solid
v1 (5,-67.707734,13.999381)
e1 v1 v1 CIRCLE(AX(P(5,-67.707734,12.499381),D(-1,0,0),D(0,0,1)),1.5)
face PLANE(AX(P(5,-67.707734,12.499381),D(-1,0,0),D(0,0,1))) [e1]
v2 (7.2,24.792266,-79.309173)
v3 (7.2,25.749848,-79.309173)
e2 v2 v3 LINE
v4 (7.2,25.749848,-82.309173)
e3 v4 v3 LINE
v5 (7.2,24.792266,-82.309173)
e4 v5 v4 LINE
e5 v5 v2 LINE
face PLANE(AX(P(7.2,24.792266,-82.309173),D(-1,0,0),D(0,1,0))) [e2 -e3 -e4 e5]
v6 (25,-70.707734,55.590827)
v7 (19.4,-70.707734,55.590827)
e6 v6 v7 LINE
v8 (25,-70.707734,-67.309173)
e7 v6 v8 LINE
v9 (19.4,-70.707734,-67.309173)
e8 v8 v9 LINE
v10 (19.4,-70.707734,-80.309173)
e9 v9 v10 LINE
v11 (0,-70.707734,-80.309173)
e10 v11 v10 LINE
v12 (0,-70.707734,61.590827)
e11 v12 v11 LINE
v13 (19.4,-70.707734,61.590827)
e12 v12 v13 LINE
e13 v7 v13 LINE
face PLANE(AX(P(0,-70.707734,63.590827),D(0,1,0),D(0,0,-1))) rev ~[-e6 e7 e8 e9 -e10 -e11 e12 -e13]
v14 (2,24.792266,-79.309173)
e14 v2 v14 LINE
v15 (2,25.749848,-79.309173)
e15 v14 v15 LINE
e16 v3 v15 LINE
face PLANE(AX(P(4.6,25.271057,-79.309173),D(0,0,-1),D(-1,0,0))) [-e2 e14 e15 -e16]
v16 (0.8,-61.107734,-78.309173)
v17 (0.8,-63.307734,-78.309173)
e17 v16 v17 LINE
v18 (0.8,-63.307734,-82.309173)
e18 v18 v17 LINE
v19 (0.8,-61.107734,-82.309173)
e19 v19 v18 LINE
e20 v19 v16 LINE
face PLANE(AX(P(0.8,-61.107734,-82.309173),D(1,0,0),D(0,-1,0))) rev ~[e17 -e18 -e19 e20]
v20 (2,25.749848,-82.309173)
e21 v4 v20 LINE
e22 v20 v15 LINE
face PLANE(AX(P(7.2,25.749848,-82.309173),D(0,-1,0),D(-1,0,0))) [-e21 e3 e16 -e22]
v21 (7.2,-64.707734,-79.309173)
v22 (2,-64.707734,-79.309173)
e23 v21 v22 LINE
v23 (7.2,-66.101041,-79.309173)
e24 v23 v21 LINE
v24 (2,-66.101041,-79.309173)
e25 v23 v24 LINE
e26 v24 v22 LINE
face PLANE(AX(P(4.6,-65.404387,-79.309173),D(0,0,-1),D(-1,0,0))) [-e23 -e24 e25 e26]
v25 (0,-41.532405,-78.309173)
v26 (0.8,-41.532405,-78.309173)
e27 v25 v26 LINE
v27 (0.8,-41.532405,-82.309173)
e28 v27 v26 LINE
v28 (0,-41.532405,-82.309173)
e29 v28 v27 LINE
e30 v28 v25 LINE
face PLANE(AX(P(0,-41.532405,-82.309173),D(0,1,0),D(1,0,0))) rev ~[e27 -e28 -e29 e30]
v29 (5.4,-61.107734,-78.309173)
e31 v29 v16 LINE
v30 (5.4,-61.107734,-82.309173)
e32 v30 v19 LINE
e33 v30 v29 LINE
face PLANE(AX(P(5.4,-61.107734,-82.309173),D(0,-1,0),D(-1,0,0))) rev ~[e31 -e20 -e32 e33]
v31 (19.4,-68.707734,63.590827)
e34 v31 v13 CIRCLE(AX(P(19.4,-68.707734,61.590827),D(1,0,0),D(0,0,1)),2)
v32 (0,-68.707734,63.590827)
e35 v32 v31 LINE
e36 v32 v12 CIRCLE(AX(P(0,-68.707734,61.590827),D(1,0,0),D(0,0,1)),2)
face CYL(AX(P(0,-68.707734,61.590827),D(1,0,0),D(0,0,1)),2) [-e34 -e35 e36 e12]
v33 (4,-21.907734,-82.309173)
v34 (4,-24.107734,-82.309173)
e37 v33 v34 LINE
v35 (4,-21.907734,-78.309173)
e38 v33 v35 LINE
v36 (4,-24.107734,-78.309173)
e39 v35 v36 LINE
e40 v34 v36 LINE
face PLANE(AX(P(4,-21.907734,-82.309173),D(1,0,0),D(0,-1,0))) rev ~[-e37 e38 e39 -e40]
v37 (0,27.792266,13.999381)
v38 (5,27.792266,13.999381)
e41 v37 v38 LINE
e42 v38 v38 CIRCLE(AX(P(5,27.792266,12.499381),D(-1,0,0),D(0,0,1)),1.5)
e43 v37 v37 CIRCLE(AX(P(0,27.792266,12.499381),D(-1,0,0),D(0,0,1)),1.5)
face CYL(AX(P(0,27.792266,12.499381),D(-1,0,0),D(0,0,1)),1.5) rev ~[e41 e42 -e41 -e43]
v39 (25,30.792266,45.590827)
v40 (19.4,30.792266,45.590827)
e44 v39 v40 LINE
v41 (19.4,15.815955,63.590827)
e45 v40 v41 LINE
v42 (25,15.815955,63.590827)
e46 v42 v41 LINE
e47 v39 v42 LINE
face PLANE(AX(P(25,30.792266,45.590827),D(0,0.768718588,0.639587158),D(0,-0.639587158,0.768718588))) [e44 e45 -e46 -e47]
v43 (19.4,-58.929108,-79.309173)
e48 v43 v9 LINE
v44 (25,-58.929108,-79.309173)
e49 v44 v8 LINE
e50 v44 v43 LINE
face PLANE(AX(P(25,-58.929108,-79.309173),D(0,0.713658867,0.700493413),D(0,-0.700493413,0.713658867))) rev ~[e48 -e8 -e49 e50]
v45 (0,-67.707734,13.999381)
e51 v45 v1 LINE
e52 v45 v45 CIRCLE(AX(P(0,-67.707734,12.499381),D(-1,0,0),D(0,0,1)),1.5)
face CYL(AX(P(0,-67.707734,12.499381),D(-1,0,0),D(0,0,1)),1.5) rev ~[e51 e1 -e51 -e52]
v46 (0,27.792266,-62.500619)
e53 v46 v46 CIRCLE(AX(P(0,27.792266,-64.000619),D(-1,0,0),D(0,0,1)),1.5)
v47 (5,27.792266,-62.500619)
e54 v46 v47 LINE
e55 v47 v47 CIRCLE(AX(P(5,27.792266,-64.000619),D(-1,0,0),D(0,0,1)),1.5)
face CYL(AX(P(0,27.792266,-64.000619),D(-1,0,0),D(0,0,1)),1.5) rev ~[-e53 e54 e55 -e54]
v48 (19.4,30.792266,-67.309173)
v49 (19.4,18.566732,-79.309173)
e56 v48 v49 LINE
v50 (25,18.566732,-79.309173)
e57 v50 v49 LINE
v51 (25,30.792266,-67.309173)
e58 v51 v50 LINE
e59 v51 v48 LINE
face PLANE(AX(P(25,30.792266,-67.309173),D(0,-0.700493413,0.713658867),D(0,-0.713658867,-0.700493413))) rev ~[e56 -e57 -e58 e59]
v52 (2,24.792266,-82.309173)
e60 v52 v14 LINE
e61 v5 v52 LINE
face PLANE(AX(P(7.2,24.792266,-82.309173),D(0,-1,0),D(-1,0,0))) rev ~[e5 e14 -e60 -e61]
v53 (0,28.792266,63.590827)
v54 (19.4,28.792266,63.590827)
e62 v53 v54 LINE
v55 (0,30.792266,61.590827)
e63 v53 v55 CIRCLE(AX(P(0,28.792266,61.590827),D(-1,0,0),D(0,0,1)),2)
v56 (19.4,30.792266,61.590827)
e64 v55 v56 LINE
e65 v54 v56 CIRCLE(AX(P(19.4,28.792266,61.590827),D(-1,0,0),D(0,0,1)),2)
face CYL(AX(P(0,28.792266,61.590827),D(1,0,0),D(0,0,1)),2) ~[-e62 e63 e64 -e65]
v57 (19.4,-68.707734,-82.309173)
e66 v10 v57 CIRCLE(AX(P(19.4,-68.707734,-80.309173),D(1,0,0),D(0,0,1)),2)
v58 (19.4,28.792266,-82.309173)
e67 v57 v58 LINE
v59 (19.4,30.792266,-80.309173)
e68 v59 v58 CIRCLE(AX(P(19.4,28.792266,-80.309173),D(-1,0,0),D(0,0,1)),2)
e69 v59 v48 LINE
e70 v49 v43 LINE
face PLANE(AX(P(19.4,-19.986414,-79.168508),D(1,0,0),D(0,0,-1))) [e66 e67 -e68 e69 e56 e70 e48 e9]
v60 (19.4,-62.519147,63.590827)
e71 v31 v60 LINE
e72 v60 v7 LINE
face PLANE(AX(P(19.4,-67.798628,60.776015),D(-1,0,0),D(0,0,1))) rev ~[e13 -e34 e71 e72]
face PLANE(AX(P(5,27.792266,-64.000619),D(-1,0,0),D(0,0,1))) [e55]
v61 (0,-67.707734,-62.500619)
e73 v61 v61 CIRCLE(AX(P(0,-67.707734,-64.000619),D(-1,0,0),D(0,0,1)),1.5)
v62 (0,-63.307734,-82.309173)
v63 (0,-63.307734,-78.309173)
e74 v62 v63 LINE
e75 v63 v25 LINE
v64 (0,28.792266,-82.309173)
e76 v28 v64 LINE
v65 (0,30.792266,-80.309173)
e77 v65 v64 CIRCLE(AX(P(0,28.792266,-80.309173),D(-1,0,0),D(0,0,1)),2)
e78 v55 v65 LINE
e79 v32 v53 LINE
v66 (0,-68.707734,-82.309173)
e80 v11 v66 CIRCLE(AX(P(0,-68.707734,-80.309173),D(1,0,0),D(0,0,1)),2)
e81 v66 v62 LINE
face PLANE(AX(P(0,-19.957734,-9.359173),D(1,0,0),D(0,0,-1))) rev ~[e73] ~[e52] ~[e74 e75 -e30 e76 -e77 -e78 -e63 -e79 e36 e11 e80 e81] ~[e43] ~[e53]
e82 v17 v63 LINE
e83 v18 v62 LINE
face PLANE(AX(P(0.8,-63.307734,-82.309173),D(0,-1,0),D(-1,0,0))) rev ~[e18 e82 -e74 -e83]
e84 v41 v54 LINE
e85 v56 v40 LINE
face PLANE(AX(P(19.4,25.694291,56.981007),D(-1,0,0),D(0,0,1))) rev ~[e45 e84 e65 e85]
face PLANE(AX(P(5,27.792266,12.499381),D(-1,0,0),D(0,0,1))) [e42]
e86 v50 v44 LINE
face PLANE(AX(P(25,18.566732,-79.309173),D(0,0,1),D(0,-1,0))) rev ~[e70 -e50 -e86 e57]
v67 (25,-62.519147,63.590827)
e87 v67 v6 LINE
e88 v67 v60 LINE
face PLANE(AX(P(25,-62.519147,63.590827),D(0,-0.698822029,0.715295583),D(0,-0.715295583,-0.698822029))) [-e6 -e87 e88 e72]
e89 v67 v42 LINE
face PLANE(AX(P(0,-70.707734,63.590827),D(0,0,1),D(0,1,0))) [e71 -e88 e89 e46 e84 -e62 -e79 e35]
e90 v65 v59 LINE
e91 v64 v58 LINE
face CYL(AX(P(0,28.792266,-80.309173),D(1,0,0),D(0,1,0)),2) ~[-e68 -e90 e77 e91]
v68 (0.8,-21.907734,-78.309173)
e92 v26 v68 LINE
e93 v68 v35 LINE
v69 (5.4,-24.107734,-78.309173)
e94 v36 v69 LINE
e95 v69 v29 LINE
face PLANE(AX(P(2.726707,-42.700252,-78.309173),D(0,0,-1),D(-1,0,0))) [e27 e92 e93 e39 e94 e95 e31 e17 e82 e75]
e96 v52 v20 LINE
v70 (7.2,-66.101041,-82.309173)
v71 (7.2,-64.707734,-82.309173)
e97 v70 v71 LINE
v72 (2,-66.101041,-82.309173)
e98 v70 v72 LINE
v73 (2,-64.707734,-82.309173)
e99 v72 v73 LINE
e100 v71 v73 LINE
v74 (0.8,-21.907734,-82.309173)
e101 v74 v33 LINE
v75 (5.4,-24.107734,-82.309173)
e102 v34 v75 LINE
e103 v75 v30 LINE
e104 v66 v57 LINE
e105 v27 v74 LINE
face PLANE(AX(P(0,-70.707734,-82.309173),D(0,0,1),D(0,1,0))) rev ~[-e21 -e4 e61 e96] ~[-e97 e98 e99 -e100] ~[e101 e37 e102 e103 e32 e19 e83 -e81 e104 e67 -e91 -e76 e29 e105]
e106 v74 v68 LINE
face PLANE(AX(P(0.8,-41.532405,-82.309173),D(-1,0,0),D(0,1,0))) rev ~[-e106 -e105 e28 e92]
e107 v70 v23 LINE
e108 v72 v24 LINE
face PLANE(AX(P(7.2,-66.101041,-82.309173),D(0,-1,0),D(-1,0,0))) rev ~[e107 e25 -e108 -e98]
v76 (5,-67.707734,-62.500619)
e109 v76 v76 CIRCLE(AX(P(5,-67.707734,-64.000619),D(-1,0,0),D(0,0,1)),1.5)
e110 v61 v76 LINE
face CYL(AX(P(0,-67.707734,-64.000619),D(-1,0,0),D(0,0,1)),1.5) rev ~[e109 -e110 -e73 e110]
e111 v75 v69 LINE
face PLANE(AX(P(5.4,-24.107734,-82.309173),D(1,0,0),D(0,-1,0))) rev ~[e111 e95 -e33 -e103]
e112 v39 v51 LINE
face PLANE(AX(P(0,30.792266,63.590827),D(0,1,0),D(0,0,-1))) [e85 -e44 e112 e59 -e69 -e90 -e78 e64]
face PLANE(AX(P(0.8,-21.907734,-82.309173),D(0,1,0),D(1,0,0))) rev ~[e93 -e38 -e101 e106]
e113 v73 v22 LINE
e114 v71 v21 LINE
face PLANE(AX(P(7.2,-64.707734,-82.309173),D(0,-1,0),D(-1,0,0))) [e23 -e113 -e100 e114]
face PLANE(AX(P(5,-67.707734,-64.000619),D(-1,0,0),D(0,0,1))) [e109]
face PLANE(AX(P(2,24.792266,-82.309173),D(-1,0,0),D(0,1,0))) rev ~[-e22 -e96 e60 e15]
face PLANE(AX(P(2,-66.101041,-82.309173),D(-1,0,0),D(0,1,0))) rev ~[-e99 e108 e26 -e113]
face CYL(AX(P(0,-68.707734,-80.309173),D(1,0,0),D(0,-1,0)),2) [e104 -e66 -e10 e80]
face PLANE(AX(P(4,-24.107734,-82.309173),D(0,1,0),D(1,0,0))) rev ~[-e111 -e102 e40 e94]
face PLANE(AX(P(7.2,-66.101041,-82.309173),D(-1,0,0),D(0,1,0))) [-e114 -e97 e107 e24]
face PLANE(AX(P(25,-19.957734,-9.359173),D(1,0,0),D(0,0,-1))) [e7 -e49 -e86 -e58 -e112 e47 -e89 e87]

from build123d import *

# Parameters (mm, degrees)
SKETCH1_W           = 145.9
SKETCH1_H           = 101.5
BOSS_EXTRUDE1_DEPTH = 25
CUT_EXTRUDE1_DEPTH  = 5.6
FILLET1_R           = 2
SKETCH3_R           = 1.5
CUT_EXTRUDE2_DEPTH  = 5
SKETCH4_W           = 5.2
SKETCH4_H           = 1.393306894
SKETCH4_H_2         = 0.957581617
CUT_EXTRUDE3_DEPTH  = 3
CUT_EXTRUDE4_DEPTH  = 4


with BuildPart() as part:
    # Sketch1 → Boss-Extrude1 (new body)
    with BuildSketch(Plane(origin=(0, 0, 0), x_dir=(0, 0, -1), z_dir=(1, 0, 0))):
        with Locations((9.359172662, -19.957733813)):
            Rectangle(SKETCH1_W, SKETCH1_H)
    extrude(amount=BOSS_EXTRUDE1_DEPTH)

    # Sketch2 → Cut-Extrude1 (cut)
    with BuildSketch(Plane(origin=(25, 0, 0), x_dir=(0, 0, -1), z_dir=(1, 0, 0))):
        Polygon((67.309172662, 30.792266187), (79.309172662, 18.566731656), (79.309172662, -58.929107722), (67.309172662, -70.707733813), (82.309172662, -70.707733813), (82.309172662, 30.792266187), align=None)
        Polygon((-45.590827338, 30.792266187), (-63.590827338, 15.815954922), (-63.590827338, 30.792266187), align=None)
        Polygon((-63.590827338, -62.51914727), (-55.590827338, -70.707733813), (-63.590827338, -70.707733813), align=None)
    extrude(amount=-CUT_EXTRUDE1_DEPTH, mode=Mode.SUBTRACT)

    # Fillet1
    fillet1_edges = [part.edges().sort_by_distance(p)[0] for p in [
        (9.7, 30.792266187, -82.309172662),
        (9.7, -70.707733813, -82.309172662),
        (9.7, 30.792266187, 63.590827338),
        (9.7, -70.707733813, 63.590827338),
    ]]
    fillet(fillet1_edges, radius=FILLET1_R)

    # Sketch3 → Cut-Extrude2 (cut)
    with BuildSketch(Plane.ZY):
        with Locations((-64.000619116, 27.792266187)):
            Circle(SKETCH3_R)
        with Locations((12.499380884, 27.792266187)):
            Circle(SKETCH3_R)
        with Locations((-64.000619116, -67.707733813)):
            Circle(SKETCH3_R)
        with Locations((12.499380884, -67.707733813)):
            Circle(SKETCH3_R)
    extrude(amount=-CUT_EXTRUDE2_DEPTH, mode=Mode.SUBTRACT)

    # Sketch4 → Cut-Extrude3 (cut)
    with BuildSketch(Plane(origin=(0, 0, -82.309172662), x_dir=(-1, 0, 0), z_dir=(0, 0, -1))):
        with Locations((-4.6, -65.40438726)):
            Rectangle(SKETCH4_W, SKETCH4_H)
        with Locations((-4.6, 25.271056996)):
            Rectangle(SKETCH4_W, SKETCH4_H_2)
    extrude(amount=-CUT_EXTRUDE3_DEPTH, mode=Mode.SUBTRACT)

    # Sketch5 → Cut-Extrude4 (cut)
    with BuildSketch(Plane(origin=(0, 0, -82.309172662), x_dir=(-1, 0, 0), z_dir=(0, 0, -1))):
        Polygon((0, -41.532404589), (-0.8, -41.532404589), (-0.8, -21.907733813), (-4, -21.907733813), (-4, -24.107733813), (-5.4, -24.107733813), (-5.4, -61.107733813), (-0.8, -61.107733813), (-0.8, -63.307733813), (0, -63.307733813), align=None)
    extrude(amount=-CUT_EXTRUDE4_DEPTH, mode=Mode.SUBTRACT)


solid = part.part
